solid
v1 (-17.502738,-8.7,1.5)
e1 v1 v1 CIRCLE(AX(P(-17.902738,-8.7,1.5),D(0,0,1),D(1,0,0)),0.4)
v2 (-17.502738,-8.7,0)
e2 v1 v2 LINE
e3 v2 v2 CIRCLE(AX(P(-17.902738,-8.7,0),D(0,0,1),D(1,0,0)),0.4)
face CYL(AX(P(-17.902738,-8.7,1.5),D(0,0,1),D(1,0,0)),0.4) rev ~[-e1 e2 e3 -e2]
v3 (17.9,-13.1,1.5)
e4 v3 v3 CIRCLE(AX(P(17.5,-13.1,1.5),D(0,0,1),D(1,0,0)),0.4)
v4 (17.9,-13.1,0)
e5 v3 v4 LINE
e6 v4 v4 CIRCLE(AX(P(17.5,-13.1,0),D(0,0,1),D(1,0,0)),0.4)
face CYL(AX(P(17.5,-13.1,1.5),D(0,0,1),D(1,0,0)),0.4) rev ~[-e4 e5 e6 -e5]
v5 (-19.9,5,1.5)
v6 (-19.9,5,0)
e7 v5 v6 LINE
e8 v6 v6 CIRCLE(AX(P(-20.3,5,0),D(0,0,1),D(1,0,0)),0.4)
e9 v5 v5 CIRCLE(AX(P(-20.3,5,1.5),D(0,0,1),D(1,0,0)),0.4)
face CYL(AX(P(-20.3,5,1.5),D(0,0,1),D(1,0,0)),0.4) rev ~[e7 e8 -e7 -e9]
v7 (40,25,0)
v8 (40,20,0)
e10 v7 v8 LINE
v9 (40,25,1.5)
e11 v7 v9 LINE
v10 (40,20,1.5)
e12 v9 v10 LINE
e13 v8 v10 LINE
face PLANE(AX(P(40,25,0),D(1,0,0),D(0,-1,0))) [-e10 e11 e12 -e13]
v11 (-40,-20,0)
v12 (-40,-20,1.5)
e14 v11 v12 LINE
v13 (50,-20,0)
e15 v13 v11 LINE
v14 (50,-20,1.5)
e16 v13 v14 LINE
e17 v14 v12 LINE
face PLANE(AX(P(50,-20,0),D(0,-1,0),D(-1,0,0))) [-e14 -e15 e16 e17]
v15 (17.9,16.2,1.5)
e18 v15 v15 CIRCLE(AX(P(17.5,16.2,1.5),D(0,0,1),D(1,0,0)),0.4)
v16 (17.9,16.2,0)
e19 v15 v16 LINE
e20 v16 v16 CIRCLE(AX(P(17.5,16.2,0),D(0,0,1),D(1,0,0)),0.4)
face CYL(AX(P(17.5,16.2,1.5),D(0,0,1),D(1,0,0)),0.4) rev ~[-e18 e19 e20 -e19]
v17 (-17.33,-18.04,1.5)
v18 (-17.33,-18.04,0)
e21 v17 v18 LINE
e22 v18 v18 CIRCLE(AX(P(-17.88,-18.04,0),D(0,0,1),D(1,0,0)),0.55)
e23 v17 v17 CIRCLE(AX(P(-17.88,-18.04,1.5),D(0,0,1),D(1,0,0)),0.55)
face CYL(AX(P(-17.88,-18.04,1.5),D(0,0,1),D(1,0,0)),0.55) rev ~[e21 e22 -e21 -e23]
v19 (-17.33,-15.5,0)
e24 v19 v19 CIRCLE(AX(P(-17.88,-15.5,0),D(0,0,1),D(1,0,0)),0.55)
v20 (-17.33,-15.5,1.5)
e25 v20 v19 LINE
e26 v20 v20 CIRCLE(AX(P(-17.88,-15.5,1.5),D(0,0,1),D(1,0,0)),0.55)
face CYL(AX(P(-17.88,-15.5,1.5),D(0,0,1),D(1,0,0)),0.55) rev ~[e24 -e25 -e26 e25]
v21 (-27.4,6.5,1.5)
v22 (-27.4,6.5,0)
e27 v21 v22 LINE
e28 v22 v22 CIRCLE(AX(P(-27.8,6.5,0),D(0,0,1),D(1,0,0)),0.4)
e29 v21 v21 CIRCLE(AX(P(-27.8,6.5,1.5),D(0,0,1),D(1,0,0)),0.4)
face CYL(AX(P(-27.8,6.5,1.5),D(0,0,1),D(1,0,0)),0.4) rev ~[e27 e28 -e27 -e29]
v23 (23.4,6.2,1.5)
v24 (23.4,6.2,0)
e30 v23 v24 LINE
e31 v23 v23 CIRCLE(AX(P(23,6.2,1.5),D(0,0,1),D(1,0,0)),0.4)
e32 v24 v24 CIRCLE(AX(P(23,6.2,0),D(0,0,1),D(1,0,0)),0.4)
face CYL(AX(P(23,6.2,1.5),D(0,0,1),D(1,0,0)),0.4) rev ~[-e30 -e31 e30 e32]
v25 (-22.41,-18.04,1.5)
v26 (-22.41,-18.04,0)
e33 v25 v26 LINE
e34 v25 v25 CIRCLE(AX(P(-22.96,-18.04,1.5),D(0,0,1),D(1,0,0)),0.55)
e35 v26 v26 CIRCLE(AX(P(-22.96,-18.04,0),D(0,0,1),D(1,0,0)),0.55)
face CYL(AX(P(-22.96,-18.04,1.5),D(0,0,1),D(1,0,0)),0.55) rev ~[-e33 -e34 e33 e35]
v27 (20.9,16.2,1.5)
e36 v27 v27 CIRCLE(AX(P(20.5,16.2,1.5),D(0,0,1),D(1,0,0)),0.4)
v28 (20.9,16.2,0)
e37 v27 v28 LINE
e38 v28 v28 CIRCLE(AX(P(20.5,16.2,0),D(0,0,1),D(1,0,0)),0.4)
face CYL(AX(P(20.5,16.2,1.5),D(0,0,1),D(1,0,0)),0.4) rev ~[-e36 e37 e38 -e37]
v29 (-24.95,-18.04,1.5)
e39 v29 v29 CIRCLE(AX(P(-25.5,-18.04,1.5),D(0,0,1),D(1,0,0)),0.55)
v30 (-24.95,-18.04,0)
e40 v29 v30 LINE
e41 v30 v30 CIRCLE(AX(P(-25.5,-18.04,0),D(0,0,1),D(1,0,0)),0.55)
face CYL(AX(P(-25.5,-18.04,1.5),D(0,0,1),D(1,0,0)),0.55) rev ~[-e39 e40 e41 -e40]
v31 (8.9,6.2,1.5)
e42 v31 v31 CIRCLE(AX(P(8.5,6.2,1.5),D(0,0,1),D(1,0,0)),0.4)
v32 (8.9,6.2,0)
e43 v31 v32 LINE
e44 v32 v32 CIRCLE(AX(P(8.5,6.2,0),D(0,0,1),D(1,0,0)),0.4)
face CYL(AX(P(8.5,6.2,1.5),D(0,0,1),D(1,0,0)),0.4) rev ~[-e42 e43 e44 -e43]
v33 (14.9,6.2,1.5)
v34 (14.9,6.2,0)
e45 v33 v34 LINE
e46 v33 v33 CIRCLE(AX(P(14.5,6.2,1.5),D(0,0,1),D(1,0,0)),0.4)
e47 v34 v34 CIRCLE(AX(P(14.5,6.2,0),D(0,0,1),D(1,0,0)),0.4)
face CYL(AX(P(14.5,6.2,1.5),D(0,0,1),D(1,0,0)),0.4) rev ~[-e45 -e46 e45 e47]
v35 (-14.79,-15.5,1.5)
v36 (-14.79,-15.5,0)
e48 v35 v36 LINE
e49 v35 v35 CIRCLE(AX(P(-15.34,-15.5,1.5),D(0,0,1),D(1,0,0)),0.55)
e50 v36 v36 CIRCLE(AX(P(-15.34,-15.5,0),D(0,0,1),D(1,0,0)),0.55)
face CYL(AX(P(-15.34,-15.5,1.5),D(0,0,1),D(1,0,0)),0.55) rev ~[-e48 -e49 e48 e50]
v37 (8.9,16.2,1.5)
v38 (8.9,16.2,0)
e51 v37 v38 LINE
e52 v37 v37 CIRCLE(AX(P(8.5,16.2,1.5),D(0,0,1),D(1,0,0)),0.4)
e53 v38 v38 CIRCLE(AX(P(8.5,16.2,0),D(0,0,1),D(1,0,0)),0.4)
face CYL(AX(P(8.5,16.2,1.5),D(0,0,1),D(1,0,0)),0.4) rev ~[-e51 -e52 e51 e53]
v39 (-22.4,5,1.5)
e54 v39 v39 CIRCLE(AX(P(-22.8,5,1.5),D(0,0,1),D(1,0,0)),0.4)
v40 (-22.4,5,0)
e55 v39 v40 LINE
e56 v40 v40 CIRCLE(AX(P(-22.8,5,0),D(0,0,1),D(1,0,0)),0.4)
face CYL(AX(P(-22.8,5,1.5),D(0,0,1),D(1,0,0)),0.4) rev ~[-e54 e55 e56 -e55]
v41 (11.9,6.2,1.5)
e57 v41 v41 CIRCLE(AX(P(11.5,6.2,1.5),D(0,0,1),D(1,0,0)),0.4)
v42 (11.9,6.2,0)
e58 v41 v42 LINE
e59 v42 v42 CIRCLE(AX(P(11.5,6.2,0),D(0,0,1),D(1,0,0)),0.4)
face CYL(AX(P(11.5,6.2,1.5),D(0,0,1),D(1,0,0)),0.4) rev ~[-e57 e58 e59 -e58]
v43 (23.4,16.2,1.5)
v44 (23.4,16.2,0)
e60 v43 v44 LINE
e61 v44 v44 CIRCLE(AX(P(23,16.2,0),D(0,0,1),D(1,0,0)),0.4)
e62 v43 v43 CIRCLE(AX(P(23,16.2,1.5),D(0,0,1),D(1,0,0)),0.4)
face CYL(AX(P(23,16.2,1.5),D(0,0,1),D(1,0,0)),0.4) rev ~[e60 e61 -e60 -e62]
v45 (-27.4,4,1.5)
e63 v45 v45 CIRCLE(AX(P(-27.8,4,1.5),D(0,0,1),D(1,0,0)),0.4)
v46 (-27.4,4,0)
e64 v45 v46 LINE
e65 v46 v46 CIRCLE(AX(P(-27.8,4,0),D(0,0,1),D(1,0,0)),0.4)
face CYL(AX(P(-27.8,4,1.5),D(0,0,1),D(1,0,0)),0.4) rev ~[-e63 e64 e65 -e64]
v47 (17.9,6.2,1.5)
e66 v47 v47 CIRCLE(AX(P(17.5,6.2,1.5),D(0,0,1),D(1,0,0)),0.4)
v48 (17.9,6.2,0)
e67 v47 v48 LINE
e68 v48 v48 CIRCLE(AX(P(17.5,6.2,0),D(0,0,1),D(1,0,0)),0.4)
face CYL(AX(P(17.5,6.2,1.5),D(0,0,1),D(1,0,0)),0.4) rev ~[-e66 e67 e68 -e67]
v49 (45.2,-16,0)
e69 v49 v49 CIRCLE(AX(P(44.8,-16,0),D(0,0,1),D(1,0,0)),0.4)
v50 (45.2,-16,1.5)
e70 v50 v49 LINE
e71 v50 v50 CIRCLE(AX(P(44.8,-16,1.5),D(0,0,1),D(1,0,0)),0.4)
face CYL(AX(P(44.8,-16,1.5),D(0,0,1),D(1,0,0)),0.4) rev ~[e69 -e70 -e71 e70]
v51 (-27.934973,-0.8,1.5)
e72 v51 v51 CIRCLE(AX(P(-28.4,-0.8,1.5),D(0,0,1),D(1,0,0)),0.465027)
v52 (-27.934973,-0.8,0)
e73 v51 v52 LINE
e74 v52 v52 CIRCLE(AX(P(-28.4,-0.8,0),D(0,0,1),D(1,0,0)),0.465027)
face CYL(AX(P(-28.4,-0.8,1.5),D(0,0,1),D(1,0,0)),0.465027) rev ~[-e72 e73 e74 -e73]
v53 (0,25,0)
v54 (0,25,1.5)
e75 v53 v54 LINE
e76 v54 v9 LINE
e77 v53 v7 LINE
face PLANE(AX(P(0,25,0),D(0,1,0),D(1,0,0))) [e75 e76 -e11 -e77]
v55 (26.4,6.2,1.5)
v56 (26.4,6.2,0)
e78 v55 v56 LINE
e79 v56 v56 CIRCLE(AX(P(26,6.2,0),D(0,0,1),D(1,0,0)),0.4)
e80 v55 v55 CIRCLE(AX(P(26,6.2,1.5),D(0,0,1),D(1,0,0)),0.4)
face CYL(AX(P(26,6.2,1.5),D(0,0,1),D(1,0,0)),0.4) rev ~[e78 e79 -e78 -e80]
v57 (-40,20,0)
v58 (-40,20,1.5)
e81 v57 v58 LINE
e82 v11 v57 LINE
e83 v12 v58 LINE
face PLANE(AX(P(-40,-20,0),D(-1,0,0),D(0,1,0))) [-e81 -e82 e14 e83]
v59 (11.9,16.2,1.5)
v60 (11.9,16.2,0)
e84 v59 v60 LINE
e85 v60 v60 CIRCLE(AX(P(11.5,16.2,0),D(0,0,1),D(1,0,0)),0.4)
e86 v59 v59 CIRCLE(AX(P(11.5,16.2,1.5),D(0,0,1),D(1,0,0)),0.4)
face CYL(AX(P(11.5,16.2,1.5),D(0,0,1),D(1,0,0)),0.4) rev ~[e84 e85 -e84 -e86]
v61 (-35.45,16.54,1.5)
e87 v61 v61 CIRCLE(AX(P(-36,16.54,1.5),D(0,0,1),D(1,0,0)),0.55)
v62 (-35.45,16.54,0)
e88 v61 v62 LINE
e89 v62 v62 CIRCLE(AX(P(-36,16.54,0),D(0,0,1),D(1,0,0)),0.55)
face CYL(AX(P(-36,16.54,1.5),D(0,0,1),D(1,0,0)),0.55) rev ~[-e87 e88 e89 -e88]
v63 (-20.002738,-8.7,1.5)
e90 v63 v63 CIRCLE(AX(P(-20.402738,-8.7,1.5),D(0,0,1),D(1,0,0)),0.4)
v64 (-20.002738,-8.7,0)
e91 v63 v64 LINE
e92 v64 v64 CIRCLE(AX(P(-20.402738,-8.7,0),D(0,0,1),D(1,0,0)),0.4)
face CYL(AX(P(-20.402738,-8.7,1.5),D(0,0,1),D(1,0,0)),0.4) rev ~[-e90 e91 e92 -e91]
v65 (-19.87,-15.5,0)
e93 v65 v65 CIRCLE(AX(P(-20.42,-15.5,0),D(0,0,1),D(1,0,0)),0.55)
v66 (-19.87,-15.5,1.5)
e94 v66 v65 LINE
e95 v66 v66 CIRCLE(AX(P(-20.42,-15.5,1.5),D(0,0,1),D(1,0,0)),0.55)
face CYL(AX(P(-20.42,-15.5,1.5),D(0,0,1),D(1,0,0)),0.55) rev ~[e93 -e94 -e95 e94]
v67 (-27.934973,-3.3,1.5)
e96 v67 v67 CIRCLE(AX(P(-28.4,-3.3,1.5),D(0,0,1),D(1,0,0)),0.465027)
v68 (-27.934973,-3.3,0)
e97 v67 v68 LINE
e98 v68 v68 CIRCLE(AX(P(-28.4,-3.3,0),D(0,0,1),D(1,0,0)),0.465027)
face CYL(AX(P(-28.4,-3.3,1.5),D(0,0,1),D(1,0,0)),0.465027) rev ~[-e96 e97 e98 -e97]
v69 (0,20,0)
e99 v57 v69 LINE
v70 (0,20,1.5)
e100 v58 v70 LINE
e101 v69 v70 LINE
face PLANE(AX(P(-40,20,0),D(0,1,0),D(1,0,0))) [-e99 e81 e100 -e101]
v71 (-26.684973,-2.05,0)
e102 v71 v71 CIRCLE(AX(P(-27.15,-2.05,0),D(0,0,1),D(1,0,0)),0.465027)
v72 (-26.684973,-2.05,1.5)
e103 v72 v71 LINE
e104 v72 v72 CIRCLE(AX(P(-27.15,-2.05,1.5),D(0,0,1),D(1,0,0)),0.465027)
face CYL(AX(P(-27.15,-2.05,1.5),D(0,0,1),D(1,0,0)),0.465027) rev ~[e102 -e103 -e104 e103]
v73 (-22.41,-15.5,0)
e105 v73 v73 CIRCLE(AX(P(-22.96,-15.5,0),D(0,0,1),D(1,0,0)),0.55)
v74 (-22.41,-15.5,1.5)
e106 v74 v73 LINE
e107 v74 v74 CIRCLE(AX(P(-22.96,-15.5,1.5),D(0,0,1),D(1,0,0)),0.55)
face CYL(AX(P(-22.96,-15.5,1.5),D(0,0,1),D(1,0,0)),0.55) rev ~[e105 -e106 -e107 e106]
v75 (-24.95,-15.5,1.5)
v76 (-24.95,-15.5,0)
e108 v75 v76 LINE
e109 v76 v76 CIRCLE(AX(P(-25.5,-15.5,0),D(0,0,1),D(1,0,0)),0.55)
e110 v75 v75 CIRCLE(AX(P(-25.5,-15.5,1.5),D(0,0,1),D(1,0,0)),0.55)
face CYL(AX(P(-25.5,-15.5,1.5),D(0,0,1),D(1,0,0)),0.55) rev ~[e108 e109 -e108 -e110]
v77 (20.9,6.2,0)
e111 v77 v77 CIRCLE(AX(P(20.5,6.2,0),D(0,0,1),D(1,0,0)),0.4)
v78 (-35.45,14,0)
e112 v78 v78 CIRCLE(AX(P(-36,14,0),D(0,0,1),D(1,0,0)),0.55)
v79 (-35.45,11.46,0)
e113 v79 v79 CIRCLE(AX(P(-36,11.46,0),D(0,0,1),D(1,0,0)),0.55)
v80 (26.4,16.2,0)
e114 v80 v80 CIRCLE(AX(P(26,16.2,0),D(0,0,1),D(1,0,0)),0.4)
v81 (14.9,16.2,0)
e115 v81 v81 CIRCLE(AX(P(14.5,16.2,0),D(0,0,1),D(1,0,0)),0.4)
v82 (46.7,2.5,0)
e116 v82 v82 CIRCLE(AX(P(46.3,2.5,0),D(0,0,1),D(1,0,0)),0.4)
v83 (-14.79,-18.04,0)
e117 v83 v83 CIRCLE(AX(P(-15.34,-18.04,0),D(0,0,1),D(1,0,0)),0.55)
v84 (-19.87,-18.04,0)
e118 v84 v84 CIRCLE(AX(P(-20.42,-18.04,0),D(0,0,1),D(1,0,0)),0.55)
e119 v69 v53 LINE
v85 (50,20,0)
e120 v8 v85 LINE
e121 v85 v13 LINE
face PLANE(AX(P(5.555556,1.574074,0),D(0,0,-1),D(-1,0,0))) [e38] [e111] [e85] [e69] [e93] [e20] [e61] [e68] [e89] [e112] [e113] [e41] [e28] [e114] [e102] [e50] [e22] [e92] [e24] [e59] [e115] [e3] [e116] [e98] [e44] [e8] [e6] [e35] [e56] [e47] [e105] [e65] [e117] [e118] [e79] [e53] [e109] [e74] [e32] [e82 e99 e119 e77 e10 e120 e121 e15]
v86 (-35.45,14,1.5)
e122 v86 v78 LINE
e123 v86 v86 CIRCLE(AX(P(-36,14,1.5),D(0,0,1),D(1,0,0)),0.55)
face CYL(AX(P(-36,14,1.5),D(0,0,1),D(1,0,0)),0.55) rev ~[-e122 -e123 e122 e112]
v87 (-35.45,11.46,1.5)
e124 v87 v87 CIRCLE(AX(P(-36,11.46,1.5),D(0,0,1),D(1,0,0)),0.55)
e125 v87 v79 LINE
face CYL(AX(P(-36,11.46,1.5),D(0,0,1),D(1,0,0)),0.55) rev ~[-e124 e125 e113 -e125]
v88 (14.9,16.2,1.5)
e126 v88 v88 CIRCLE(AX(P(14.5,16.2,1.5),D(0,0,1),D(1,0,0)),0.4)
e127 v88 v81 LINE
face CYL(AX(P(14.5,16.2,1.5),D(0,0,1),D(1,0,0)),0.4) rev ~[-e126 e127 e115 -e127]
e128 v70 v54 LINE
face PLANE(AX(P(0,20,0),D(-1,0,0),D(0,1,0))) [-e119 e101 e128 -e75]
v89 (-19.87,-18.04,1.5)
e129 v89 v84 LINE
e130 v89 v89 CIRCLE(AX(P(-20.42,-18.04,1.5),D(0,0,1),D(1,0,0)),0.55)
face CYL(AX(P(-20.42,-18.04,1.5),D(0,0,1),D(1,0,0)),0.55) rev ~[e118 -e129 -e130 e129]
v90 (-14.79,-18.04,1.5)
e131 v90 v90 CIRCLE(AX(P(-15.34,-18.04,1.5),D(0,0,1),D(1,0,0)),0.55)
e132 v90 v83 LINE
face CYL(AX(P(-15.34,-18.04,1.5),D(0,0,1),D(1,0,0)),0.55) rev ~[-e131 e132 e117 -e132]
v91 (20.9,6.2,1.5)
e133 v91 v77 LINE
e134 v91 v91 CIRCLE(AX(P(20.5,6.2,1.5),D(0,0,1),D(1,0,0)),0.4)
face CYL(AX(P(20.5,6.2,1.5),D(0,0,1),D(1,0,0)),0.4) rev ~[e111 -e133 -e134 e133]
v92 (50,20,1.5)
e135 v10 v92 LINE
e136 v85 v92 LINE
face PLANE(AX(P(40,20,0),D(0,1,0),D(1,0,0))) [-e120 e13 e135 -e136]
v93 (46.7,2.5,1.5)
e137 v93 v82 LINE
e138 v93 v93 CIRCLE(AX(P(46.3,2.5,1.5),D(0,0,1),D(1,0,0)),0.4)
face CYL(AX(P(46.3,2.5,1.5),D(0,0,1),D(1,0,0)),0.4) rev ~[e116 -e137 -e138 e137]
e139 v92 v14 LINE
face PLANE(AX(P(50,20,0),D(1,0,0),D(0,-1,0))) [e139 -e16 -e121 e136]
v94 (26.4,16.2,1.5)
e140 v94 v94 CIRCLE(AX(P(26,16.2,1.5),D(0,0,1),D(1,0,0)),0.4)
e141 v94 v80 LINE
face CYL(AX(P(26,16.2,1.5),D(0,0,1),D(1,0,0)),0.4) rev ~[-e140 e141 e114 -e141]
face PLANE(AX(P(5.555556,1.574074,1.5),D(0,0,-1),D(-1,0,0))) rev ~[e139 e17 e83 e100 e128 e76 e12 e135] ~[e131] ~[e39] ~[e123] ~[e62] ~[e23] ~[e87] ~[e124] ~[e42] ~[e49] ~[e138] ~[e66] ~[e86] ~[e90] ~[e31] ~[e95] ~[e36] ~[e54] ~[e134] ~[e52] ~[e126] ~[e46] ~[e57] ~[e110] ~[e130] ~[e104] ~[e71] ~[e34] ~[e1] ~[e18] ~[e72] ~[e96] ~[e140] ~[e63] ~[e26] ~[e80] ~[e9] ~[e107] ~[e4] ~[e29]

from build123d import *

# Parameters (mm, degrees)
EXTRUDE_1_DEPTH     = 1.5
SKETCH_2_R          = 0.55
CUT_EXTRUDE_1_DEPTH = 1.5
SKETCH_3_R          = 0.4
CUT_EXTRUDE_2_DEPTH = 10
SKETCH_6_R          = 0.465027249
SKETCH_6_R_2        = 0.4
CUT_EXTRUDE_4_DEPTH = 10


with BuildPart() as part:
    # Эскиз1 → Вытянуть1 (new body)
    with BuildSketch(Plane.XY):
        Polygon((0, 20), (0, 25), (40, 25), (40, 20), (50, 20), (50, -20), (-40, -20), (-40, 20), align=None)
    extrude(amount=EXTRUDE_1_DEPTH)

    # Эскиз2 → Вырез-Вытянуть1 (cut)
    with BuildSketch(Plane.XY.offset(1.5)):
        with Locations((-36, 16.54)):
            Circle(SKETCH_2_R)
        with Locations((-36, 11.46)):
            Circle(SKETCH_2_R)
        with Locations((-36, 14)):
            Circle(SKETCH_2_R)
        with Locations((-25.5, -15.5)):
            Circle(SKETCH_2_R)
        with Locations((-25.5, -18.04)):
            Circle(SKETCH_2_R)
        with Locations((-22.96, -15.5)):
            Circle(SKETCH_2_R)
        with Locations((-22.96, -18.04)):
            Circle(SKETCH_2_R)
        with Locations((-20.42, -15.5)):
            Circle(SKETCH_2_R)
        with Locations((-20.42, -18.04)):
            Circle(SKETCH_2_R)
        with Locations((-17.88, -15.5)):
            Circle(SKETCH_2_R)
        with Locations((-17.88, -18.04)):
            Circle(SKETCH_2_R)
        with Locations((-15.34, -15.5)):
            Circle(SKETCH_2_R)
        with Locations((-15.34, -18.04)):
            Circle(SKETCH_2_R)
    extrude(amount=-CUT_EXTRUDE_1_DEPTH, mode=Mode.SUBTRACT)

    # Эскиз3 → Вырез-Вытянуть2 (cut)
    with BuildSketch(Plane.XY.offset(1.5)):
        with Locations((-17.902737838, -8.7)):
            Circle(SKETCH_3_R)
        with Locations((-20.3, 5)):
            Circle(SKETCH_3_R)
        with Locations((8.5, 16.2)):
            Circle(SKETCH_3_R)
        with Locations((8.5, 6.2)):
            Circle(SKETCH_3_R)
        with Locations((11.5, 16.2)):
            Circle(SKETCH_3_R)
        with Locations((11.5, 6.2)):
            Circle(SKETCH_3_R)
        with Locations((14.5, 16.2)):
            Circle(SKETCH_3_R)
        with Locations((14.5, 6.2)):
            Circle(SKETCH_3_R)
        with Locations((17.5, 16.2)):
            Circle(SKETCH_3_R)
        with Locations((17.5, 6.2)):
            Circle(SKETCH_3_R)
        with Locations((20.5, 16.2)):
            Circle(SKETCH_3_R)
        with Locations((20.5, 6.2)):
            Circle(SKETCH_3_R)
        with Locations((23, 16.2)):
            Circle(SKETCH_3_R)
        with Locations((23, 6.2)):
            Circle(SKETCH_3_R)
        with Locations((26, 16.2)):
            Circle(SKETCH_3_R)
        with Locations((26, 6.2)):
            Circle(SKETCH_3_R)
        with Locations((-20.402737838, -8.7)):
            Circle(SKETCH_3_R)
        with Locations((-22.8, 5)):
            Circle(SKETCH_3_R)
        with Locations((-27.8, 6.5)):
            Circle(SKETCH_3_R)
        with Locations((-27.8, 4)):
            Circle(SKETCH_3_R)
    extrude(amount=-CUT_EXTRUDE_2_DEPTH, mode=Mode.SUBTRACT)

    # Эскиз6 → Вырез-Вытянуть4 (cut)
    with BuildSketch(Plane.XY.offset(1.5)):
        with Locations((-28.4, -3.3)):
            Circle(SKETCH_6_R)
        with Locations((-28.4, -0.8)):
            Circle(SKETCH_6_R)
        with Locations((-27.15, -2.05)):
            Circle(SKETCH_6_R)
        with Locations((46.3, 2.5)):
            Circle(SKETCH_6_R_2)
        with Locations((17.5, -13.1)):
            Circle(SKETCH_6_R_2)
        with Locations((44.8, -16)):
            Circle(SKETCH_6_R_2)
    extrude(amount=-CUT_EXTRUDE_4_DEPTH, mode=Mode.SUBTRACT)


solid = part.part
